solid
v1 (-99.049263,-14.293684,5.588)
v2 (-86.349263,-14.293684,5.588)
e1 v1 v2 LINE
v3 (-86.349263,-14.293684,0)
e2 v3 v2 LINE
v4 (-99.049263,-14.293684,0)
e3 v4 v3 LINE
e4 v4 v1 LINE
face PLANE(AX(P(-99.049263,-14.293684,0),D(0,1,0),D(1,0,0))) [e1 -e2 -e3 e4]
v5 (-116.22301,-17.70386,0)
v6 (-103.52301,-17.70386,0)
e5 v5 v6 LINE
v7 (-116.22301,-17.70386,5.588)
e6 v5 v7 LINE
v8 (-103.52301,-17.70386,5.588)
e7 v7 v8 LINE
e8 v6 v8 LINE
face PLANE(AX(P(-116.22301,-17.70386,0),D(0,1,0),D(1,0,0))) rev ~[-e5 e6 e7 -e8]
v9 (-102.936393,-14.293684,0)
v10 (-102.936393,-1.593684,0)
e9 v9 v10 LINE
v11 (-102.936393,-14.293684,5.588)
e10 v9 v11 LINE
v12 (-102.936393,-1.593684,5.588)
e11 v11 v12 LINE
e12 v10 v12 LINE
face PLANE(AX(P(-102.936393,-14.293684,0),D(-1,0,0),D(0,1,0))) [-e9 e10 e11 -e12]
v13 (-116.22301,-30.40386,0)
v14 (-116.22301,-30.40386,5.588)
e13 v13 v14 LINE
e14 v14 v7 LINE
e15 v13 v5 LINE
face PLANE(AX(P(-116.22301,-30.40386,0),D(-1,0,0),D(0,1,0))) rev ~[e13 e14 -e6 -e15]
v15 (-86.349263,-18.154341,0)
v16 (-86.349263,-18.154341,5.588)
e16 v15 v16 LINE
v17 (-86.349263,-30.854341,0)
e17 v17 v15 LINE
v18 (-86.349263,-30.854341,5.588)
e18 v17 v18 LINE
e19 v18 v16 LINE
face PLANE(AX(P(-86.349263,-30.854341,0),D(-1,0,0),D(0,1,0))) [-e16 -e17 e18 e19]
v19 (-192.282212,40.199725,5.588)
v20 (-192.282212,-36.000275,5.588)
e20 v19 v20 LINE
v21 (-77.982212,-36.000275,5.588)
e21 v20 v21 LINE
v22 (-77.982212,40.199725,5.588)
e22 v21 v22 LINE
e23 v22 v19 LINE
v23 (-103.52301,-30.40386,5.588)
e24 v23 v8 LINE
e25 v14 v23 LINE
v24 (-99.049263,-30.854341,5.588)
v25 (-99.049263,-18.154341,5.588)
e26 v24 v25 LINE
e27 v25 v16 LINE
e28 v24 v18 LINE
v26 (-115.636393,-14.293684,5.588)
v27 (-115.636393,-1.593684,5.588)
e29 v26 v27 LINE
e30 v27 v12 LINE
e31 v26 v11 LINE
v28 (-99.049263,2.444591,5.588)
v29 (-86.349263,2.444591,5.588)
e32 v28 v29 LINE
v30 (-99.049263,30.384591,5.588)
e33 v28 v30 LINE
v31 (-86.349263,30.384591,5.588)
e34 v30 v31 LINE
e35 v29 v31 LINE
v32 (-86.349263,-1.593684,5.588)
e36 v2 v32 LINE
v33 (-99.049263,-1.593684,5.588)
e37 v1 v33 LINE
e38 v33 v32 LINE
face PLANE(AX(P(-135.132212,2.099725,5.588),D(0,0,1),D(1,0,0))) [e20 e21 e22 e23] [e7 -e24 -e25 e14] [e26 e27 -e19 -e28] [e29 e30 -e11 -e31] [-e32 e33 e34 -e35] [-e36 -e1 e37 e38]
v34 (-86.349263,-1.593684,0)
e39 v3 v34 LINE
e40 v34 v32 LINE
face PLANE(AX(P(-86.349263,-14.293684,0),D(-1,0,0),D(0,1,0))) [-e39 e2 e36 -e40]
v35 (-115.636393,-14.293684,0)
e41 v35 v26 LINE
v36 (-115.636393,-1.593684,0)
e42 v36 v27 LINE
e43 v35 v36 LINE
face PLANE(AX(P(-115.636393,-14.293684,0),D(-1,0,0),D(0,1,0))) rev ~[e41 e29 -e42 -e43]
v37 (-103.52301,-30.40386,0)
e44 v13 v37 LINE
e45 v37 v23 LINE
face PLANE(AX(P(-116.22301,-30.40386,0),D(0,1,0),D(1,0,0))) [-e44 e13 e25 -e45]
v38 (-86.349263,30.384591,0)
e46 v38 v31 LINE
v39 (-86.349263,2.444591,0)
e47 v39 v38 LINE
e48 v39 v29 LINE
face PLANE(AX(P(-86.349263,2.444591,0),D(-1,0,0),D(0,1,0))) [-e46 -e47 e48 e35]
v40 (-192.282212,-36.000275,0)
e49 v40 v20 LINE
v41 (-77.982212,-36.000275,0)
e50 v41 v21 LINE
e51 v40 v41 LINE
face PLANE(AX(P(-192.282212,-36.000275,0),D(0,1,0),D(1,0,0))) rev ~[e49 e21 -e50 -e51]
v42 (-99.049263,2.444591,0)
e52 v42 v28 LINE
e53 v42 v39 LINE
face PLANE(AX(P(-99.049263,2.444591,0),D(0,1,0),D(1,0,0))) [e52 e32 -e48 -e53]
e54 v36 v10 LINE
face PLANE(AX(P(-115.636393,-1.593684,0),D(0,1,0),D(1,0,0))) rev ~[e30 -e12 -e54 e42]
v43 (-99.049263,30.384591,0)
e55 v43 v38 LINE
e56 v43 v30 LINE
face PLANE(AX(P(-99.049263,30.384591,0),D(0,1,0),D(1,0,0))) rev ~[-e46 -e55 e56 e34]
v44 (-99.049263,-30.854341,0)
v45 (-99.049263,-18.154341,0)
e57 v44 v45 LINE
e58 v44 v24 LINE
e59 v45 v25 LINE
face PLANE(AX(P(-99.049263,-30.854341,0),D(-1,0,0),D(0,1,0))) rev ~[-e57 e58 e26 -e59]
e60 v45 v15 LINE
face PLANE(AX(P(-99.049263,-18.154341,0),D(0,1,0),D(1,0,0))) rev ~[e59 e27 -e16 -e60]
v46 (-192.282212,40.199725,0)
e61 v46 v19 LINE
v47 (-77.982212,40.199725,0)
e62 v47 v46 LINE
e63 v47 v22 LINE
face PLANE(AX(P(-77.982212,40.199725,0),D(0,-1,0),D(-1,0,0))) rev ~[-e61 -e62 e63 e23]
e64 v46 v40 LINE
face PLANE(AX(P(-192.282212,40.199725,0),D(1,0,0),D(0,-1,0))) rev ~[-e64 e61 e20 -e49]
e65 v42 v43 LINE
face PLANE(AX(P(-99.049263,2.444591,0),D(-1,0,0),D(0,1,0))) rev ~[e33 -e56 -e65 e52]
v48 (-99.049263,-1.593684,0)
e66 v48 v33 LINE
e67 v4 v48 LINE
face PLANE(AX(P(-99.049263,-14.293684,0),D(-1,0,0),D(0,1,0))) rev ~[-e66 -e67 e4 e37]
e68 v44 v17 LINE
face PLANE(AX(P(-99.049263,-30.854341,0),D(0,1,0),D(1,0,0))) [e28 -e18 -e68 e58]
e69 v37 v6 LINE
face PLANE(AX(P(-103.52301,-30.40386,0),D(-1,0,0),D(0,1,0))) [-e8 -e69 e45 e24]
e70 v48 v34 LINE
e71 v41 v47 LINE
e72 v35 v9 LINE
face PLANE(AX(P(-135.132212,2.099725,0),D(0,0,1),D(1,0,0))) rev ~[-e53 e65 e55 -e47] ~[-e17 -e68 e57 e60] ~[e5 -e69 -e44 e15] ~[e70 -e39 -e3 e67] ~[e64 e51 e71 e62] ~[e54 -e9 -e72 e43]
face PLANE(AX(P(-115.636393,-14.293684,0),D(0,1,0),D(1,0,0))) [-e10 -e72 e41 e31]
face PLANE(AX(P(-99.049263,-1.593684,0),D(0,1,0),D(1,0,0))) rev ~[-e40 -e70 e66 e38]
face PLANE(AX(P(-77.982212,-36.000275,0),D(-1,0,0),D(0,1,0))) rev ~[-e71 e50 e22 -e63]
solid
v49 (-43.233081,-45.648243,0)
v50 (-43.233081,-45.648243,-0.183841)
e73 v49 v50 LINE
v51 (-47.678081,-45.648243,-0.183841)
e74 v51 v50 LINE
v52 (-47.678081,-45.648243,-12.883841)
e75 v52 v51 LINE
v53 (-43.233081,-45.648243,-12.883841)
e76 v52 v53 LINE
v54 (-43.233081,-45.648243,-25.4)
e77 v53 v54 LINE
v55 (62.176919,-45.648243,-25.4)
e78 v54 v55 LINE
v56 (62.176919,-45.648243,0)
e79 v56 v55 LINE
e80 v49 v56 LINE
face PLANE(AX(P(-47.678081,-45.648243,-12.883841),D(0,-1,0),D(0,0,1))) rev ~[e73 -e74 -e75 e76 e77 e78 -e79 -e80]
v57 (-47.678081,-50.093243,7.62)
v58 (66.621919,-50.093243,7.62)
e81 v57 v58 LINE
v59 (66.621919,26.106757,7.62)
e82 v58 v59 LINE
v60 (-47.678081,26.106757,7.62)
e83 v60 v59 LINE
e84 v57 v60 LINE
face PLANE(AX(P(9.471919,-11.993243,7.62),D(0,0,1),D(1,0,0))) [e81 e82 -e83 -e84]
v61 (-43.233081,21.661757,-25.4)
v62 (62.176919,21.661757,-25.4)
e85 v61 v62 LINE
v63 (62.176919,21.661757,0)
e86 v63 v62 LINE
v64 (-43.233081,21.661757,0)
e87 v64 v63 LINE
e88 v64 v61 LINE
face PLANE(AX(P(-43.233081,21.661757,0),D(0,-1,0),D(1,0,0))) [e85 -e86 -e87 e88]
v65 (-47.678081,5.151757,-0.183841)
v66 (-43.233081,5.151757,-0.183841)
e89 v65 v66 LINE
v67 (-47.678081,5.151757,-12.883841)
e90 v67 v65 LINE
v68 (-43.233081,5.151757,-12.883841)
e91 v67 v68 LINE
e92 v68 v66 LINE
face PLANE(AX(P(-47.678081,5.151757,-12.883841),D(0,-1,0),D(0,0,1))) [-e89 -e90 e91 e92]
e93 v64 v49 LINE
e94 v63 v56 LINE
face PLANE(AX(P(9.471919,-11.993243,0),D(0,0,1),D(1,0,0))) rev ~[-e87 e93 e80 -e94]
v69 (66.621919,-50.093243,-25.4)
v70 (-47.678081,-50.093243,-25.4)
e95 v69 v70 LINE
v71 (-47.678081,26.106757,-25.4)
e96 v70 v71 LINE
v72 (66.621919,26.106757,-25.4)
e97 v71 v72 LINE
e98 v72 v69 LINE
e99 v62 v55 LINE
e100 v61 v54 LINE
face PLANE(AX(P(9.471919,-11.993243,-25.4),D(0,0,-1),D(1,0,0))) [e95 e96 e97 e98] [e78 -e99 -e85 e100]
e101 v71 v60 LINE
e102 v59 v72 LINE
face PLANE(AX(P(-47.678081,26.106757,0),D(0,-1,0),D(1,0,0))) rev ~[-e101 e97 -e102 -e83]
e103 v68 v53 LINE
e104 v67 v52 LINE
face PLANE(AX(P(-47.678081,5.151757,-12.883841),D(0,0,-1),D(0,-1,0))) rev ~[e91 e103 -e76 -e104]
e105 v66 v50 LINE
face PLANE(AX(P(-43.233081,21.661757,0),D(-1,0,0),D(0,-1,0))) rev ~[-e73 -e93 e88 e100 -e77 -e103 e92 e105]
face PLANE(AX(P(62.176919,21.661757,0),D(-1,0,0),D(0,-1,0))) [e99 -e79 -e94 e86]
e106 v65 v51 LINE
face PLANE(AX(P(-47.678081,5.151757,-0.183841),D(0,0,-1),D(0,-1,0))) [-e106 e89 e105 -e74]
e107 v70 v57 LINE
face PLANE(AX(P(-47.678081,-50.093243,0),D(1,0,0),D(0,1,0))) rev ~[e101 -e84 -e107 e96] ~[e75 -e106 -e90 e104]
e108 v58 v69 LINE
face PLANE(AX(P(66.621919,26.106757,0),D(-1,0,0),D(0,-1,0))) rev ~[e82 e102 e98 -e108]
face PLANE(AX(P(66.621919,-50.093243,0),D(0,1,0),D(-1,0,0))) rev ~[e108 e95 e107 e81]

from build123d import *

# Parameters (mm, degrees)
F0_W     = 114.3
F0_H     = 76.2
F1_DEPTH = 7.62
F2_W     = 105.41
F2_H     = 67.31
F3_DEPTH = 25.4
F4_W     = 50.8
F4_H     = 12.7
F5_DEPTH = 4.445
F6_W     = 12.7
F6_H     = 12.7
F6_H_2   = 27.94
F7_DEPTH = 5.588


with BuildPart() as f1:
    # F0 (on Top) → F1 (new body)
    with BuildSketch(Plane.XY):
        with Locations((9.471919, -11.993243)):
            Rectangle(F0_W, F0_H)
    extrude(amount=F1_DEPTH)

    # F2 (on face) → F3 (join)
    with BuildSketch(Plane(origin=(0, 0, 0), x_dir=(1, 0, 0), z_dir=(0, 0, -1))):
        Polygon((-47.678081, -23.566757), (-47.678081, -26.106757), (25.981919, -26.106757), (66.621919, -26.106757), (66.621919, 45.648243), (66.621919, 50.093243), (-43.233081, 50.093243), (-47.678081, 50.093243), align=None)
        with Locations((9.471919, 11.993243)):
            Rectangle(F2_W, F2_H, mode=Mode.SUBTRACT)
    extrude(amount=F3_DEPTH)

    # F4 (on face) → F5 (cut)
    with BuildSketch(Plane(origin=(-47.678081, 0, 0), x_dir=(0, -1, 0), z_dir=(-1, 0, 0))):
        with Locations((20.248243, -6.533841)):
            Rectangle(F4_W, F4_H)
    extrude(amount=-F5_DEPTH, mode=Mode.SUBTRACT)


with BuildPart() as f7:
    # F6 (on Top) → F7 (new body)
    with BuildSketch(Plane.XY):
        Polygon((-77.982212, 40.199725), (-192.282212, 40.199725), (-192.282212, -36.000275), (-77.982212, -36.000275), (-77.982212, -30.854341), align=None)
        with Locations((-109.87301, -24.05386)):
            Rectangle(F6_W, F6_H, mode=Mode.SUBTRACT)
        with Locations((-92.699263, -24.504341)):
            Rectangle(F6_W, F6_H, mode=Mode.SUBTRACT)
        with Locations((-109.286393, -7.943684)):
            Rectangle(F6_W, F6_H, mode=Mode.SUBTRACT)
        with Locations((-92.699263, -7.943684)):
            Rectangle(F6_W, F6_H, mode=Mode.SUBTRACT)
        with Locations((-92.699263, 16.414591)):
            Rectangle(F6_W, F6_H_2, mode=Mode.SUBTRACT)
    extrude(amount=F7_DEPTH)


solid = Compound([f1.part, f7.part])
